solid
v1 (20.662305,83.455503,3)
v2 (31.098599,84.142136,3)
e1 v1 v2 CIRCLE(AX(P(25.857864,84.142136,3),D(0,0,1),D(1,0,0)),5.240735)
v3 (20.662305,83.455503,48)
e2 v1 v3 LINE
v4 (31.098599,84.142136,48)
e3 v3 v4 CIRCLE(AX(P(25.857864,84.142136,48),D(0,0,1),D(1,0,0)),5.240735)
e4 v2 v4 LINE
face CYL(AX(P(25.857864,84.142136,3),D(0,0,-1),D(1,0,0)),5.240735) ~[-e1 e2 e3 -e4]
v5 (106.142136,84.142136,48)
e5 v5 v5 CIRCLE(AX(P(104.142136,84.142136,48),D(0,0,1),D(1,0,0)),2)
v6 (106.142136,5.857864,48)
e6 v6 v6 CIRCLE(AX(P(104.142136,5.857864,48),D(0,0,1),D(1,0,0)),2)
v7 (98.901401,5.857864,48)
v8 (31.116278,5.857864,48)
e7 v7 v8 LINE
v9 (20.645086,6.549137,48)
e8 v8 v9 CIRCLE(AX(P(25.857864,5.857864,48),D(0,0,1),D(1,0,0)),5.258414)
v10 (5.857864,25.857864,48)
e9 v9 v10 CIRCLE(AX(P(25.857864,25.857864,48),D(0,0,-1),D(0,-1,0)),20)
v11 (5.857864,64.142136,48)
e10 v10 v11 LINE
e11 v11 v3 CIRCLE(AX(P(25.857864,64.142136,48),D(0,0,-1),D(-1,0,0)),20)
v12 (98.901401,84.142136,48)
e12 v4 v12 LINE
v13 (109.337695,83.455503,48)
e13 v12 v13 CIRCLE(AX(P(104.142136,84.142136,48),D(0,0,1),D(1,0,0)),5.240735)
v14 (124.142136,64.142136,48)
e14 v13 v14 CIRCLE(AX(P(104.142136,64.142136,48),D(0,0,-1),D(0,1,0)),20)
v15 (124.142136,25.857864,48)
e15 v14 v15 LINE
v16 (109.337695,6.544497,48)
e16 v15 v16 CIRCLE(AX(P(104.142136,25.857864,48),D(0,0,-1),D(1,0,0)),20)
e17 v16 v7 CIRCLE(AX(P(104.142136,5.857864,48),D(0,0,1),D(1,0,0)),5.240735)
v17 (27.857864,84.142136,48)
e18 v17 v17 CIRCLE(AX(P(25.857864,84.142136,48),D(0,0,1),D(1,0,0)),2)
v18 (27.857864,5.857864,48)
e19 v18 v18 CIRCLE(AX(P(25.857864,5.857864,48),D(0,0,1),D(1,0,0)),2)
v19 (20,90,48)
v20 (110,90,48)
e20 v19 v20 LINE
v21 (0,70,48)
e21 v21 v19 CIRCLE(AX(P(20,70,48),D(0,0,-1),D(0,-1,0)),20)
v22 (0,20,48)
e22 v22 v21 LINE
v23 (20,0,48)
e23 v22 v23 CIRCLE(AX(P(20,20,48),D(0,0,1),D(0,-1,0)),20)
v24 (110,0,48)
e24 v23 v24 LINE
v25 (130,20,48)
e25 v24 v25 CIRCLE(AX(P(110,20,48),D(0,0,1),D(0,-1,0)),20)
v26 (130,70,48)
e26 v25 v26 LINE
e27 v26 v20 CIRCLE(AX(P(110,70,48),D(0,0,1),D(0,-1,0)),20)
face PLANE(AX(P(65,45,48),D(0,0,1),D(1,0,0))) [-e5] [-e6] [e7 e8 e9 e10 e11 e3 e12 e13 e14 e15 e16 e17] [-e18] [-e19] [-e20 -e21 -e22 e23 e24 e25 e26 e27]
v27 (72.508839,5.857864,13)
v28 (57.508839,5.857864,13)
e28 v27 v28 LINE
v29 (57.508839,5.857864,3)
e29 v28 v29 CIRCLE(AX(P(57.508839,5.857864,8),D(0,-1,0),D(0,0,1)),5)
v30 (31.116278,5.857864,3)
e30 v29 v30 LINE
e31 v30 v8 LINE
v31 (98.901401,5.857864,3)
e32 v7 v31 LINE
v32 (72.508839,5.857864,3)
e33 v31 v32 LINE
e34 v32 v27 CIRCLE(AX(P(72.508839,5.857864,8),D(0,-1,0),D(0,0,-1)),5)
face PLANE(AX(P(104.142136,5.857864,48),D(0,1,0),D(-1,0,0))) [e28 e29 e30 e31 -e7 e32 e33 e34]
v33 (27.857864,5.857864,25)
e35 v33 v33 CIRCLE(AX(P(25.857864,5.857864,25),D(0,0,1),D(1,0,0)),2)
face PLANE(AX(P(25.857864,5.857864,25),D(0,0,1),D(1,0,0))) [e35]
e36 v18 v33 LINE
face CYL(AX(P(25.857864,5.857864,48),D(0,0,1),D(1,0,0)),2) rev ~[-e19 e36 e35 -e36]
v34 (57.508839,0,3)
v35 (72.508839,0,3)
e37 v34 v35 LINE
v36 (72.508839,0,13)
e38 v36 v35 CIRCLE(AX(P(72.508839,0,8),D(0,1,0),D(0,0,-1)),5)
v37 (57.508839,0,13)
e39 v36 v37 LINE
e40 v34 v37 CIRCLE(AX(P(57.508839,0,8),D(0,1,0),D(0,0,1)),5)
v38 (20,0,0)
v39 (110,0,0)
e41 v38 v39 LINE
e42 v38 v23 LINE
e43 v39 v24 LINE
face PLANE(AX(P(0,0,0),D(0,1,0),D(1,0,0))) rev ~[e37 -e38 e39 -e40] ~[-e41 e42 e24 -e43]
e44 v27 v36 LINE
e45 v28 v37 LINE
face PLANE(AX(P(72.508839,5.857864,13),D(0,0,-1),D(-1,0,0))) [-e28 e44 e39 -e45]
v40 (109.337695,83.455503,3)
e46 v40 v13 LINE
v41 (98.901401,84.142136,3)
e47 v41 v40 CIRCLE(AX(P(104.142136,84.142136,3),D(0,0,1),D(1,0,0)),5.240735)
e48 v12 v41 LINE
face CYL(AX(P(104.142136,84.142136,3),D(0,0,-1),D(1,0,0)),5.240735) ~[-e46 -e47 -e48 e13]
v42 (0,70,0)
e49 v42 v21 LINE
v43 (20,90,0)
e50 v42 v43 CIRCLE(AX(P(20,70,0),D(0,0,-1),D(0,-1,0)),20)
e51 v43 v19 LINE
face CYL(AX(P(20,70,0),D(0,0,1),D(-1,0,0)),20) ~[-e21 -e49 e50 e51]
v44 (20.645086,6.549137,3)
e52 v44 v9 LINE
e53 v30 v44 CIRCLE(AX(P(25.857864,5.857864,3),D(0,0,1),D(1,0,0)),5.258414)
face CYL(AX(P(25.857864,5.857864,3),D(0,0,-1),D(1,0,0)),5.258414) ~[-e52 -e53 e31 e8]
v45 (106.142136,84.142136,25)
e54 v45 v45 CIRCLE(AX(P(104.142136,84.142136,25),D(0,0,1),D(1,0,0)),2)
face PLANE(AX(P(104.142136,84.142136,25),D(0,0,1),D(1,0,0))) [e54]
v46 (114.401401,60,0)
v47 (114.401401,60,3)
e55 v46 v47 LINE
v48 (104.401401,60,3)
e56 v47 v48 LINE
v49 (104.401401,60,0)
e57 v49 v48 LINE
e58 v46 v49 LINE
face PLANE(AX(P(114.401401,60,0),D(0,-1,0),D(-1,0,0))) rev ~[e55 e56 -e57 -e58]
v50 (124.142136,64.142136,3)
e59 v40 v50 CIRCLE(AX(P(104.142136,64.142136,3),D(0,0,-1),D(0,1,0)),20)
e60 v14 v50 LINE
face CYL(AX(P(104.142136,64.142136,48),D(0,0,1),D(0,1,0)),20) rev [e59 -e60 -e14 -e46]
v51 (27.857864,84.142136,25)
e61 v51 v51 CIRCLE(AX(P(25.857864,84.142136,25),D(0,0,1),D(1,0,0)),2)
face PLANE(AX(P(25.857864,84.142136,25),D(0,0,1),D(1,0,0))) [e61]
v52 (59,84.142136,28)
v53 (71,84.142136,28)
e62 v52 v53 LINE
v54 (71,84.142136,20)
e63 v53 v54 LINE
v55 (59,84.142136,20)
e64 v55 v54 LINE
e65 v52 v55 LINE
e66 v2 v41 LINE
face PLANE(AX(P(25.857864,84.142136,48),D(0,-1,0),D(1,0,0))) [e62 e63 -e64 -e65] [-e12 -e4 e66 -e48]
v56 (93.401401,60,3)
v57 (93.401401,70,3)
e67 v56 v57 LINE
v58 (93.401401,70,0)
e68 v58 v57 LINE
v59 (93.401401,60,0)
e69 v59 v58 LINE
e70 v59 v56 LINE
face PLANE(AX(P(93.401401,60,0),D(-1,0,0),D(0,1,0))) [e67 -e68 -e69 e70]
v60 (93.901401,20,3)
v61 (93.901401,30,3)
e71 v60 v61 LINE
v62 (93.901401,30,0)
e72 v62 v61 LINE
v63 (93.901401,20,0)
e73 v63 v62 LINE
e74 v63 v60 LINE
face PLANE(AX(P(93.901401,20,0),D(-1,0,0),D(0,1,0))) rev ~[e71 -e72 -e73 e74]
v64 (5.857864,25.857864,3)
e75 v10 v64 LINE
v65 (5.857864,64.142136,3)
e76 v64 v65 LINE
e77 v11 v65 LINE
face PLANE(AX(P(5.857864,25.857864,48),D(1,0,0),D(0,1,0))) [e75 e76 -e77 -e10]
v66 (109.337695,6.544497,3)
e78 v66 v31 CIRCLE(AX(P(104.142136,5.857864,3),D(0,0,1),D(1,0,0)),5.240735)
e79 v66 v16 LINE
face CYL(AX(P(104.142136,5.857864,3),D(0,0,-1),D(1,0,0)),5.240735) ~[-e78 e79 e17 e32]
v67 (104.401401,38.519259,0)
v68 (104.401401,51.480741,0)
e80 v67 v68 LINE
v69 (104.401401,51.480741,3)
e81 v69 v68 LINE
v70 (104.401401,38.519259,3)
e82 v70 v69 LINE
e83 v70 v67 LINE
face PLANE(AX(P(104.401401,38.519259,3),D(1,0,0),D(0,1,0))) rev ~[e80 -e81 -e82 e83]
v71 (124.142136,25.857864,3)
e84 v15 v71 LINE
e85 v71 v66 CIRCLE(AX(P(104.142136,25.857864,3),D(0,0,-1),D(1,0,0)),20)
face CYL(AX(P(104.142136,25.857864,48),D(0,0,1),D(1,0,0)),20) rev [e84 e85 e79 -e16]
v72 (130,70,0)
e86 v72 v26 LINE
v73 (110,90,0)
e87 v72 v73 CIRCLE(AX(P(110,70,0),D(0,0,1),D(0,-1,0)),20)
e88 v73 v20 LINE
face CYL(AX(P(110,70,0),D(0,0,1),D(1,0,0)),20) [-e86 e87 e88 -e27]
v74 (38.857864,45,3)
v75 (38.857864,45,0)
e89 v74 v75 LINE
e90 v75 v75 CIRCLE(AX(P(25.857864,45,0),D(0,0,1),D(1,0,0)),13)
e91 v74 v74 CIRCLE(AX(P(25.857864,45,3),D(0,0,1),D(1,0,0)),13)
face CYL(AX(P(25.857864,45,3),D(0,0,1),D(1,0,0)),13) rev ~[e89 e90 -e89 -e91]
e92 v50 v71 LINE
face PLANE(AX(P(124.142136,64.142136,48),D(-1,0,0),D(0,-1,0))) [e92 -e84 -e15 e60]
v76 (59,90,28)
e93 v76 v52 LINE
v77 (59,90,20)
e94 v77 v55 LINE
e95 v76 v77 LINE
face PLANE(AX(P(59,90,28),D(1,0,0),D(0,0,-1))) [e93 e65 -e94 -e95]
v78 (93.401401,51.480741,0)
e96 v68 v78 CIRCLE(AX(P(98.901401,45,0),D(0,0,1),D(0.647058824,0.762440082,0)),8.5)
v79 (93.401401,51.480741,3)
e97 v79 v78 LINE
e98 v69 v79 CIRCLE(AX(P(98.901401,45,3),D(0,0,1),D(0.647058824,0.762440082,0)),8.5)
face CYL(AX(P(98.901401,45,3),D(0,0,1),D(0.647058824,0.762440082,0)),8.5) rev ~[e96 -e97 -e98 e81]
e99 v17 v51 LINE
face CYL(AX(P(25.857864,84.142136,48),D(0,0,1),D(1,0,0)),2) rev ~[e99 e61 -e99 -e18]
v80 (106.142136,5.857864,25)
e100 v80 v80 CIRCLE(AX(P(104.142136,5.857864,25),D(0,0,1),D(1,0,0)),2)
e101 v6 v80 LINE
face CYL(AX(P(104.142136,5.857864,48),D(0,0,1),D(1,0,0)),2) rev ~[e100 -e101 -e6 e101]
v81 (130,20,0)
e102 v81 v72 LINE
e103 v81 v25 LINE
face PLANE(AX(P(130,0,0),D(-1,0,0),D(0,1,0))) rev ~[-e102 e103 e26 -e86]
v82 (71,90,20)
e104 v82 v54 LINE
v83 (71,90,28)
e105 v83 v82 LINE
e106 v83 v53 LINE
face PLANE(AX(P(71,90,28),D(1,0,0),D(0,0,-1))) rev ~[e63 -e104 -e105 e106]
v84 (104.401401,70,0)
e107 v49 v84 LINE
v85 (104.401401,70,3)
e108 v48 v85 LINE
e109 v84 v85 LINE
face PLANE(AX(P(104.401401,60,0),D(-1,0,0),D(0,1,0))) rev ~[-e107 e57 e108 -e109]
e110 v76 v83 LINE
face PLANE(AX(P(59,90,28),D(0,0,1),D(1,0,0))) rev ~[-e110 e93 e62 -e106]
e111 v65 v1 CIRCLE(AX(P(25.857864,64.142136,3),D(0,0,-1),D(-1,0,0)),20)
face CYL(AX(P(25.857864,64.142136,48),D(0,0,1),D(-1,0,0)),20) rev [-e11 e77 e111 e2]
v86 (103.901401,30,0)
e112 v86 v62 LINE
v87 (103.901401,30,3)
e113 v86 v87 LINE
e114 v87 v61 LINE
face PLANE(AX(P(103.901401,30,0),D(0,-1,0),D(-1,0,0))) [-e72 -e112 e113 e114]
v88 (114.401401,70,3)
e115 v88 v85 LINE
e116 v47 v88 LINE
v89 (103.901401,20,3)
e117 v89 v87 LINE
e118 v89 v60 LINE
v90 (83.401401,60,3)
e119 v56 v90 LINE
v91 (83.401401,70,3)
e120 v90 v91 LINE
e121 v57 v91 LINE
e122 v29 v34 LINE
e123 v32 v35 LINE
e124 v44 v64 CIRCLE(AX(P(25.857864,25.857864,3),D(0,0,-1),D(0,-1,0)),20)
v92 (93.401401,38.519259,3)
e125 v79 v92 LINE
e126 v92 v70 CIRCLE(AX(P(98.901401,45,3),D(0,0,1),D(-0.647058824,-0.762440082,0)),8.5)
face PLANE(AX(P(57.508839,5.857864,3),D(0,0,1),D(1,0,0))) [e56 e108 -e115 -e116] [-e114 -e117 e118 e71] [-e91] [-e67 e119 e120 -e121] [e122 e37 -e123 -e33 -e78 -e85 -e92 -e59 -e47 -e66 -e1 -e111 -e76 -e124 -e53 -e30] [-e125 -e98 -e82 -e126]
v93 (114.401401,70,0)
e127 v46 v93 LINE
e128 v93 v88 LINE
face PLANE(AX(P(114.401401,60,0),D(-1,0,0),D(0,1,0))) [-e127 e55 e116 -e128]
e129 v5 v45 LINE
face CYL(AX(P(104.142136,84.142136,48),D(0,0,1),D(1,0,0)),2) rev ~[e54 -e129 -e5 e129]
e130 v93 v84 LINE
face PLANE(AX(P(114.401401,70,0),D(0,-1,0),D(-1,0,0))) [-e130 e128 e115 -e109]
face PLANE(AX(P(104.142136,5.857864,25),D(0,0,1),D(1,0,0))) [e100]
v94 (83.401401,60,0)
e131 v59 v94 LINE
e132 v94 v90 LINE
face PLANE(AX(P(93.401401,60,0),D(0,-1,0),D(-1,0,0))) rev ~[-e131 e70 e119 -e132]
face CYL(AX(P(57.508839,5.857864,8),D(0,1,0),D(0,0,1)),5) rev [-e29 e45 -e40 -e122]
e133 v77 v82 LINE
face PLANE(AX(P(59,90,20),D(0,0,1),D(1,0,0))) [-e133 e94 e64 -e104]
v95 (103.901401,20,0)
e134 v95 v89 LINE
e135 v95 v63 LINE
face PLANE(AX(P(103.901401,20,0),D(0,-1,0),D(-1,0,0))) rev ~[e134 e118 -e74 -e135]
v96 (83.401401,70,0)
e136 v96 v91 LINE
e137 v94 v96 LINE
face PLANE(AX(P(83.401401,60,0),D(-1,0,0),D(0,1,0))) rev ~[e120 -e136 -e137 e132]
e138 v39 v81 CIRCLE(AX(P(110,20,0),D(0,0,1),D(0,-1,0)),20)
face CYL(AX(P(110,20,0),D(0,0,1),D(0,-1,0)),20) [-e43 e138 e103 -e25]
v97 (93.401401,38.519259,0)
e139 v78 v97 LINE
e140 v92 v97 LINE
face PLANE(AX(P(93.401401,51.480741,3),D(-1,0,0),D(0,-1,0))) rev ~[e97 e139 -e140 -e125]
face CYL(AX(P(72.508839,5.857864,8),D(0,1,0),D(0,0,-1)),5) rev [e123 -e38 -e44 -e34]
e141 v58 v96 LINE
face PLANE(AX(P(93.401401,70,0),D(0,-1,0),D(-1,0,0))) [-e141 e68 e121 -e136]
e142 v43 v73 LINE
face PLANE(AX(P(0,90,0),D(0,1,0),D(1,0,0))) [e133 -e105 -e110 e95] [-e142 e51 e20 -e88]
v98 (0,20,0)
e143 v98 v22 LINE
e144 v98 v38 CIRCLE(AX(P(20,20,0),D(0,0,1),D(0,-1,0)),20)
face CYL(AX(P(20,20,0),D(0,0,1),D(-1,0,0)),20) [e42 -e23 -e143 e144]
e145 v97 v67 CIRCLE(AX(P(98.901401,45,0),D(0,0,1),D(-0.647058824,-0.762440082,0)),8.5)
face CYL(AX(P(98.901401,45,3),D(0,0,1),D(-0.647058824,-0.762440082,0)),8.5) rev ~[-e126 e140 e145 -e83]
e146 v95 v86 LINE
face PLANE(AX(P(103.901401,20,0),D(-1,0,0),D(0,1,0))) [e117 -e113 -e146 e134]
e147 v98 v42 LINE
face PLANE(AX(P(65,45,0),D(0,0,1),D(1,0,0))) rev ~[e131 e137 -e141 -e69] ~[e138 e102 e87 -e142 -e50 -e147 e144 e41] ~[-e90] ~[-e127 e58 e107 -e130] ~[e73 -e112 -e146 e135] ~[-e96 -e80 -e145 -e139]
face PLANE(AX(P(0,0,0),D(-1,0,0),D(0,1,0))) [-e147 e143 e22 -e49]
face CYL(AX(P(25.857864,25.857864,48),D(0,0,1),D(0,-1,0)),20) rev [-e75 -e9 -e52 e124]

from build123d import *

# Parameters (mm, degrees)
SKETCH1_W           = 130
SKETCH1_H           = 90
BOSS_EXTRUDE1_DEPTH = 48
FILLET1_R           = 20
CUT_EXTRUDE4_DEPTH  = 45
SKETCH3_R           = 5.240734637
SKETCH3_R_2         = 5.258413594
BOSS_EXTRUDE2_DEPTH = 45
CUT_EXTRUDE5_REACH  = 92
SKETCH4_W           = 12
SKETCH4_H           = 8
SKETCH5_R           = 2
CUT_EXTRUDE6_DEPTH  = 23
CUT_EXTRUDE7_DEPTH  = 10
SKETCH7_R           = 13
CUT_EXTRUDE8_DEPTH  = 10
SKETCH8_W           = 10
SKETCH8_H           = 10
CUT_EXTRUDE9_DEPTH  = 30
SKETCH9_W           = 10
SKETCH9_H           = 10
CUT_EXTRUDE10_DEPTH = 10
CUT_EXTRUDE11_DEPTH = 10


with BuildPart() as part:
    # Sketch1 → Boss-Extrude1 (new body)
    with BuildSketch(Plane.XY):
        with Locations((65, 45)):
            Rectangle(SKETCH1_W, SKETCH1_H)
    extrude(amount=BOSS_EXTRUDE1_DEPTH)

    # Fillet1
    fillet1_edges = [part.edges().sort_by_distance(p)[0] for p in [
        (0, 90, 24),
        (130, 90, 24),
        (130, 0, 24),
        (0, 0, 24),
    ]]
    fillet(fillet1_edges, radius=FILLET1_R)

    # Sketch2 → Cut-Extrude4 (cut)
    with BuildSketch(Plane.XY.offset(48)):
        with BuildLine():
            Line((104.142135624, 5.857864376), (25.857864376, 5.857864376))
            ThreePointArc((25.857864376, 5.857864376), (11.715728753, 11.715728753), (5.857864376, 25.857864376))
            Line((5.857864376, 25.857864376), (5.857864376, 64.142135624))
            ThreePointArc((5.857864376, 64.142135624), (11.715728753, 78.284271247), (25.857864376, 84.142135624))
            Line((25.857864376, 84.142135624), (104.142135624, 84.142135624))
            ThreePointArc((104.142135624, 84.142135624), (118.284271247, 78.284271247), (124.142135624, 64.142135624))
            Line((124.142135624, 64.142135624), (124.142135624, 25.857864376))
            ThreePointArc((124.142135624, 25.857864376), (118.284271247, 11.715728753), (104.142135624, 5.857864376))
        make_face()
    extrude(amount=-CUT_EXTRUDE4_DEPTH, mode=Mode.SUBTRACT)

    # Sketch3 → Boss-Extrude2 (add)
    with BuildSketch(Plane.XY.offset(3)):
        with Locations((25.857864376, 84.142135624)):
            Circle(SKETCH3_R)
        with Locations((104.142135624, 84.142135624)):
            Circle(SKETCH3_R)
        with Locations((25.857864376, 5.857864376)):
            Circle(SKETCH3_R_2)
        with Locations((104.142135624, 5.857864376)):
            Circle(SKETCH3_R)
    extrude(amount=BOSS_EXTRUDE2_DEPTH)

    # Sketch4 → Cut-Extrude5 (cut, up to next)
    with BuildSketch(Plane(origin=(0, 90, 0), x_dir=(1, 0, 0), z_dir=(0, 1, 0)), mode=Mode.PRIVATE) as cut_extrude5_sk1:
        with Locations((65, -24)):
            Rectangle(SKETCH4_W, SKETCH4_H)
    cut_extrude5_tool1 = extrude(cut_extrude5_sk1.sketch, amount=-CUT_EXTRUDE5_REACH, mode=Mode.PRIVATE) & part.part
    add(cut_extrude5_tool1.solids().sort_by_distance((65, 90, 24))[0], mode=Mode.SUBTRACT)

    # Sketch5 → Cut-Extrude6 (cut)
    with BuildSketch(Plane.XY.offset(48)):
        with Locations((25.857864376, 84.142135624)):
            Circle(SKETCH5_R)
        with Locations((104.142135624, 84.142135624)):
            Circle(SKETCH5_R)
        with Locations((104.142135624, 5.857864376)):
            Circle(SKETCH5_R)
        with Locations((25.857864376, 5.857864376)):
            Circle(SKETCH5_R)
    extrude(amount=-CUT_EXTRUDE6_DEPTH, mode=Mode.SUBTRACT)

    # Sketch6 → Cut-Extrude7 (cut)
    with BuildSketch(Plane.XY.offset(3)):
        with BuildLine():
            Line((93.401400986, 51.480740698), (93.401400986, 38.519259302))
            ThreePointArc((93.401400986, 38.519259302), (98.901400986, 36.5), (104.401400986, 38.519259302))
            Line((104.401400986, 38.519259302), (104.401400986, 51.480740698))
            ThreePointArc((104.401400986, 51.480740698), (98.901400986, 53.5), (93.401400986, 51.480740698))
        make_face()
    extrude(amount=-CUT_EXTRUDE7_DEPTH, mode=Mode.SUBTRACT)

    # Sketch7 → Cut-Extrude8 (cut)
    with BuildSketch(Plane.XY.offset(3)):
        with Locations((25.857864376, 45)):
            Circle(SKETCH7_R)
    extrude(amount=-CUT_EXTRUDE8_DEPTH, mode=Mode.SUBTRACT)

    # Sketch8 → Cut-Extrude9 (cut)
    with BuildSketch(Plane(origin=(0, 0, 0), x_dir=(-1, 0, 0), z_dir=(0, 0, -1))):
        with Locations((-109.401400986, 65)):
            Rectangle(SKETCH8_W, SKETCH8_H)
        with Locations((-88.401400986, 65)):
            Rectangle(SKETCH8_W, SKETCH8_H)
    extrude(amount=-CUT_EXTRUDE9_DEPTH, mode=Mode.SUBTRACT)

    # Sketch9 → Cut-Extrude10 (cut)
    with BuildSketch(Plane(origin=(0, 0, 0), x_dir=(-1, 0, 0), z_dir=(0, 0, -1))):
        with Locations((-98.901400986, 25)):
            Rectangle(SKETCH9_W, SKETCH9_H)
    extrude(amount=-CUT_EXTRUDE10_DEPTH, mode=Mode.SUBTRACT)

    # Sketch11 → Cut-Extrude11 (cut)
    with BuildSketch(Plane(origin=(0, 5.857864376, 0), x_dir=(1, 0, 0), z_dir=(0, 1, 0))):
        with BuildLine():
            Line((57.508839478, -3), (72.508839478, -3))
            ThreePointArc((72.508839478, -3), (77.508839478, -8), (72.508839478, -13))
            Line((72.508839478, -13), (57.508839478, -13))
            ThreePointArc((57.508839478, -13), (52.508839478, -8), (57.508839478, -3))
        make_face()
    extrude(amount=-CUT_EXTRUDE11_DEPTH, mode=Mode.SUBTRACT)


solid = part.part
